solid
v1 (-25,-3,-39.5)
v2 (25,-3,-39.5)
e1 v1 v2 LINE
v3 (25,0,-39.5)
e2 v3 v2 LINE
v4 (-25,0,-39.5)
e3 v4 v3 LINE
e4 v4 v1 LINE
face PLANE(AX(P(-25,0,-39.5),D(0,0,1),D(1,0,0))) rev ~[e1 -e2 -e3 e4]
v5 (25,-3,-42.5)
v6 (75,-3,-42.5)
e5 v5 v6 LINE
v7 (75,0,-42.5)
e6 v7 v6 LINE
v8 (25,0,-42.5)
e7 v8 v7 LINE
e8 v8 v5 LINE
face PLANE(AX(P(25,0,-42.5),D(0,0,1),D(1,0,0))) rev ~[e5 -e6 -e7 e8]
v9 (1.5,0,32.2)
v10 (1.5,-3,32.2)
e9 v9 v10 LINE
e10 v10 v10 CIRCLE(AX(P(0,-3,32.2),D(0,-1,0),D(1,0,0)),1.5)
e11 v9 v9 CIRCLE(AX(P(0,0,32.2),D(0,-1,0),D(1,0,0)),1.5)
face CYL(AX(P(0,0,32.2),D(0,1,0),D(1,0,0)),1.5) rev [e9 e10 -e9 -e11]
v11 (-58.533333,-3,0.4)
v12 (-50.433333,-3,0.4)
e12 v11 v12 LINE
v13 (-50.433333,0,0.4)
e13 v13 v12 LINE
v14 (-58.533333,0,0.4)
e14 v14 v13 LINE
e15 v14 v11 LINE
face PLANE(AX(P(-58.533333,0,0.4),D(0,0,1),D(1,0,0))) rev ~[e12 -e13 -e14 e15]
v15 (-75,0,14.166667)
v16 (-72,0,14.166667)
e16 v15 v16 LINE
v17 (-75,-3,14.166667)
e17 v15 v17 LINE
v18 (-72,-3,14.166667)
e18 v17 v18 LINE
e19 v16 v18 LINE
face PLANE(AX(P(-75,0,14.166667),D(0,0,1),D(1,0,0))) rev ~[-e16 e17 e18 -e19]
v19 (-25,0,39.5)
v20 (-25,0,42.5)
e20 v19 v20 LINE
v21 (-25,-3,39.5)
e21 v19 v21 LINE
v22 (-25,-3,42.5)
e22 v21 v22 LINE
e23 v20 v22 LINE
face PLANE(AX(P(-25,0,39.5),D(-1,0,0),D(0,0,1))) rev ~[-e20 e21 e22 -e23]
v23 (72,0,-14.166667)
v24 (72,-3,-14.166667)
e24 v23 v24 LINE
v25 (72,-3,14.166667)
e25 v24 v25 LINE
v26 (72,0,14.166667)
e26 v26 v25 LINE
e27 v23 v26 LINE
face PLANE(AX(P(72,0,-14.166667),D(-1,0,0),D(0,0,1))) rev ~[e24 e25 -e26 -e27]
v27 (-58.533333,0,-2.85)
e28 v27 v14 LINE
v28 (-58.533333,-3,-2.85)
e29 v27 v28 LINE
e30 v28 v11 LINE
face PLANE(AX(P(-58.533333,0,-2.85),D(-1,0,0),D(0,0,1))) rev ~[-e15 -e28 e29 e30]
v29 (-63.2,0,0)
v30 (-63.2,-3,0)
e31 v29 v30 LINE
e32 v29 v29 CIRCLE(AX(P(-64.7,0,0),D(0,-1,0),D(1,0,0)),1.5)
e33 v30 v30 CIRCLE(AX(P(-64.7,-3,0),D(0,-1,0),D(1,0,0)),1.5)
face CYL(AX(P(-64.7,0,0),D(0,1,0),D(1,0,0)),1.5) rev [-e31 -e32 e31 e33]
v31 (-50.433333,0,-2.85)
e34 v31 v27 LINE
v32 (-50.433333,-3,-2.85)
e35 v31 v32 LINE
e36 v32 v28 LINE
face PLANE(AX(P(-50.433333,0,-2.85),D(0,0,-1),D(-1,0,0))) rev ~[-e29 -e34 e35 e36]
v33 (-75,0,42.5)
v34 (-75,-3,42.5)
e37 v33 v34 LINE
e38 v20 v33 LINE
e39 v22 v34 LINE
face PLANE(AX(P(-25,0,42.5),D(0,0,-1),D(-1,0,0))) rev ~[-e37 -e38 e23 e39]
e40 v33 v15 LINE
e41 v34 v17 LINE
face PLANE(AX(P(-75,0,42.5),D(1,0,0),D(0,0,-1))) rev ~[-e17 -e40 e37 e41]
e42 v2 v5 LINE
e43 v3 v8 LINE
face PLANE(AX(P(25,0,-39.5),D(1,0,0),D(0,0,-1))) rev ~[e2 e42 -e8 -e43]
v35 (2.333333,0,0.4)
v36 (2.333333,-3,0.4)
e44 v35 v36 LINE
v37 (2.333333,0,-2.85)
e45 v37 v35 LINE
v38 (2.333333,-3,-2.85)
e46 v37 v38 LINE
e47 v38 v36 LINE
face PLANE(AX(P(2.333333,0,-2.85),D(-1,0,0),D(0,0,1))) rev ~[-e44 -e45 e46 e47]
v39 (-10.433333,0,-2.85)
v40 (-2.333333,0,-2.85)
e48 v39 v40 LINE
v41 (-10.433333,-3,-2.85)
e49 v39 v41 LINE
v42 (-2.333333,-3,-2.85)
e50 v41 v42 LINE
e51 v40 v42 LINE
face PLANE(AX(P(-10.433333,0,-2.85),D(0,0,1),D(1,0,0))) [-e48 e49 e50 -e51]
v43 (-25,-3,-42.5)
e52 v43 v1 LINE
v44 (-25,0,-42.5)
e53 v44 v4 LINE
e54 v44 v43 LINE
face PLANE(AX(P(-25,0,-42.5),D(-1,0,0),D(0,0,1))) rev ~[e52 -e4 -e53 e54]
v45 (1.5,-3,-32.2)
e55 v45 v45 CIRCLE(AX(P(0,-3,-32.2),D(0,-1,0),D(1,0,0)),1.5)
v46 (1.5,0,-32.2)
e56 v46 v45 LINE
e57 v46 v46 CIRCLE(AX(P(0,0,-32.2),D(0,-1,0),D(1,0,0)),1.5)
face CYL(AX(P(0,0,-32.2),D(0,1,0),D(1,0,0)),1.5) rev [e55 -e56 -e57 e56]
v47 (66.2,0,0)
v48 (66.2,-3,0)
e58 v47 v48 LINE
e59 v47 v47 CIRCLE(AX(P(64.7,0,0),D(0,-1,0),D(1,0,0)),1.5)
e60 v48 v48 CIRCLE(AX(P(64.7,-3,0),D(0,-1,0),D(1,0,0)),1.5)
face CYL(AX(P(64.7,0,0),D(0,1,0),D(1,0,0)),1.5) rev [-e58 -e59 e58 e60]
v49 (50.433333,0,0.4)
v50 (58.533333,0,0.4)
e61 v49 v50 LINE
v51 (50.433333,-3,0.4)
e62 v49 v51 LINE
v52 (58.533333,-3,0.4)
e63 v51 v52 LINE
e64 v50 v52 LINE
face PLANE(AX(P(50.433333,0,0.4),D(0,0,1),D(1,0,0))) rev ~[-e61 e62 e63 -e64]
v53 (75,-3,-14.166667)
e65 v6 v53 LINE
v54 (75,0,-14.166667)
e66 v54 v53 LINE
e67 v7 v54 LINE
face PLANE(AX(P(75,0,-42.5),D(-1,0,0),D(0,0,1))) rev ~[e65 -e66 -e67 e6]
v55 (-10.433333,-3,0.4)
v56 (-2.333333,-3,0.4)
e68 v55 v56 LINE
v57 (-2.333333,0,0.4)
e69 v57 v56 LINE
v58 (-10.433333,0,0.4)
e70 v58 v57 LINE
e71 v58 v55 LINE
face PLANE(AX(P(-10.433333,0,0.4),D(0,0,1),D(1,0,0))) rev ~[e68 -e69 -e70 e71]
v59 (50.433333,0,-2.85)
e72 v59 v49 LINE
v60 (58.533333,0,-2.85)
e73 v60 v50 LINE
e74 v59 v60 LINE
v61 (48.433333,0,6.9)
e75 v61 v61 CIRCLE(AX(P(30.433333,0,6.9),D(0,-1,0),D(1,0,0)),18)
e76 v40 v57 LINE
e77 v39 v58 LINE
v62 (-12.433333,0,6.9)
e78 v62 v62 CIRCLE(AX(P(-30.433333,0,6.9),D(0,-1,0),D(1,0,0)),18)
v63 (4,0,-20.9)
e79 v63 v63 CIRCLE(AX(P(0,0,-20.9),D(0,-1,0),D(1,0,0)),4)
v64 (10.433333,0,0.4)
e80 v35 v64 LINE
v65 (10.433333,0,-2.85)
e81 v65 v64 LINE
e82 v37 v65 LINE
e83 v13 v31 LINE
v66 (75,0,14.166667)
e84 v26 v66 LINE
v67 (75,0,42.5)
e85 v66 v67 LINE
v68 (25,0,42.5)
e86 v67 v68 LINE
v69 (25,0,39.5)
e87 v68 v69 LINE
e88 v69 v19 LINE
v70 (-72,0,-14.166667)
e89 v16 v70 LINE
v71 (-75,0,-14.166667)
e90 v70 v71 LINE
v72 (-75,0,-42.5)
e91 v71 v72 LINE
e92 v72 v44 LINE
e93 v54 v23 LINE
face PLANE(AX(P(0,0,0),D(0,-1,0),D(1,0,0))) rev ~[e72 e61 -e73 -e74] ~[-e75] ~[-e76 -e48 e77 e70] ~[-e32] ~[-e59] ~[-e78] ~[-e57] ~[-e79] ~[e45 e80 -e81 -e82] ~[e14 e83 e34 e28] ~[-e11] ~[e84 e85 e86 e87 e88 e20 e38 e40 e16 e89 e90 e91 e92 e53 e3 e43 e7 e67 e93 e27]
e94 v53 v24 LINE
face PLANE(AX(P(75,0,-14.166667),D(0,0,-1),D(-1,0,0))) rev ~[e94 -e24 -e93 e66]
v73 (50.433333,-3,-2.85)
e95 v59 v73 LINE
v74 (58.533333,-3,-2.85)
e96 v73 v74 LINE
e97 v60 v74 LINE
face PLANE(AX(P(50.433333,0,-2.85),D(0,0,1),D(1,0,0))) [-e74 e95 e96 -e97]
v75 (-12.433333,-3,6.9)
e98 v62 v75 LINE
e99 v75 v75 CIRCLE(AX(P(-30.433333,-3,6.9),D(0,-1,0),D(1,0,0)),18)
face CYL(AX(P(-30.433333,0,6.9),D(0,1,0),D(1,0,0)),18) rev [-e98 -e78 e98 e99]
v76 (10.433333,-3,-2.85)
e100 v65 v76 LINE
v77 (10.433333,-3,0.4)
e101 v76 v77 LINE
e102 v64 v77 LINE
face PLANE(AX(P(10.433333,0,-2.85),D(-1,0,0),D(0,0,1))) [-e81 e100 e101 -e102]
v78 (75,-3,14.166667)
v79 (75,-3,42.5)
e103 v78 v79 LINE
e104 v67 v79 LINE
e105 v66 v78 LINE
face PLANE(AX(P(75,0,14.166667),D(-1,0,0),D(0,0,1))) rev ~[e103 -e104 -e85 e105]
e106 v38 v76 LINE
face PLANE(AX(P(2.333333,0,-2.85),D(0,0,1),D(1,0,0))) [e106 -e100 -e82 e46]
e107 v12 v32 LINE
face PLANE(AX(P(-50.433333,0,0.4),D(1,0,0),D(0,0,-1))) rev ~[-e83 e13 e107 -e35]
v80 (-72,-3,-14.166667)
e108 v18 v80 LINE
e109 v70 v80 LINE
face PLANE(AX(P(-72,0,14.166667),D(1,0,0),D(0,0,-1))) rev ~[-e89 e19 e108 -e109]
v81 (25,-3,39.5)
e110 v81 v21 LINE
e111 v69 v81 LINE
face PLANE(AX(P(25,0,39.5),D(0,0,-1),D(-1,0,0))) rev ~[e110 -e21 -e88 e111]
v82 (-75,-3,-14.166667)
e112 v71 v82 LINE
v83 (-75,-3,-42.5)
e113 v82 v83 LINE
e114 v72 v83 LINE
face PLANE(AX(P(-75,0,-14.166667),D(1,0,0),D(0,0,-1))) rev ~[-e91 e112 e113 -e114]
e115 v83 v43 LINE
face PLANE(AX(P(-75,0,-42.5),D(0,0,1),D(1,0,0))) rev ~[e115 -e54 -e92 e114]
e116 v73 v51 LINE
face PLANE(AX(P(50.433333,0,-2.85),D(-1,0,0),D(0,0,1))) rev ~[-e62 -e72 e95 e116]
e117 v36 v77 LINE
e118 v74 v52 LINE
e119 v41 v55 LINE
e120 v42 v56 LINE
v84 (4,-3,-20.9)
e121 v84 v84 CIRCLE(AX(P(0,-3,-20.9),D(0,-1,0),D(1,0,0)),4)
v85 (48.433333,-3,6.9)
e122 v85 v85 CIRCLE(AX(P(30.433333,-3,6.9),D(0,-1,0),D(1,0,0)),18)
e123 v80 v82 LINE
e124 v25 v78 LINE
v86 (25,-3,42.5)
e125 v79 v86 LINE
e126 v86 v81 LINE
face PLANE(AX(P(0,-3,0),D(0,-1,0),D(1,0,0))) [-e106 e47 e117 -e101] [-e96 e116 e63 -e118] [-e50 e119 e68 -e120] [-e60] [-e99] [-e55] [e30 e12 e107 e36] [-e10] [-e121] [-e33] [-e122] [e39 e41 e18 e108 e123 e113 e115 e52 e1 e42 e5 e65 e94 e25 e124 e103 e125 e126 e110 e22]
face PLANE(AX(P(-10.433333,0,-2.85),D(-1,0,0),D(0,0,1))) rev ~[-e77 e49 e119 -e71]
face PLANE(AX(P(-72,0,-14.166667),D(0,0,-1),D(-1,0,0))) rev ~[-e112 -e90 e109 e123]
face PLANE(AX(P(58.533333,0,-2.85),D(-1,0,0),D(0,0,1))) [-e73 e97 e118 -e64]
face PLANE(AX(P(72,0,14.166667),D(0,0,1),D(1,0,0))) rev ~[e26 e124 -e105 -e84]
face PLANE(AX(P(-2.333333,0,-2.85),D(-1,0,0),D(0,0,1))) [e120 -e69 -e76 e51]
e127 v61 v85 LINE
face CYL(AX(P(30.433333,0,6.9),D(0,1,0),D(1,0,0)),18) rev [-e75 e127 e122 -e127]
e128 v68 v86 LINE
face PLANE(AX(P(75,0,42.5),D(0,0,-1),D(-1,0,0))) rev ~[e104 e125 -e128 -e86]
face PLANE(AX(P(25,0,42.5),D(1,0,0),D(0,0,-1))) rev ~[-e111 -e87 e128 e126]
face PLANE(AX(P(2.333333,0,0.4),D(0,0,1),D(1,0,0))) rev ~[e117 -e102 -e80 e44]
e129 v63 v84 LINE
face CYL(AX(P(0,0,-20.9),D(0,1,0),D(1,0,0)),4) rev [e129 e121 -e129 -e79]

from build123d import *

# Parameters (mm, degrees)
F0_W     = 8.1
F0_H     = 3.25
F0_R     = 1.5
F0_R_2   = 4
F0_R_3   = 18
F1_DEPTH = 3


with BuildPart() as f1:
    # F0 (on Front) → F1 (new body)
    with BuildSketch(Plane.XZ):
        Polygon((-75, -14.166667), (-75, -42.5), (-25, -42.5), (-25, -39.5), (25, -39.5), (25, -42.5), (75, -42.5), (75, -14.166667), (72, -14.166667), (72, 14.166667), (75, 14.166667), (75, 42.5), (25, 42.5), (25, 39.5), (-25, 39.5), (-25, 42.5), (-75, 42.5), (-75, 14.166667), (-72, 14.166667), (-72, -14.166667), align=None)
        Polygon((-58.533333, -2.85), (-58.533333, 0), (-58.533333, 0.4), (-50.433333, 0.4), (-50.433333, -2.85), align=None, mode=Mode.SUBTRACT)
        with Locations((-6.383333, -1.225)):
            Rectangle(F0_W, F0_H, mode=Mode.SUBTRACT)
        with Locations((0, -32.2)):
            Circle(F0_R, mode=Mode.SUBTRACT)
        with Locations((0, -20.9)):
            Circle(F0_R_2, mode=Mode.SUBTRACT)
        with Locations((6.383333, -1.225)):
            Rectangle(F0_W, F0_H, mode=Mode.SUBTRACT)
        with Locations((54.483333, -1.225)):
            Rectangle(F0_W, F0_H, mode=Mode.SUBTRACT)
        with Locations((-64.7, 0)):
            Circle(F0_R, mode=Mode.SUBTRACT)
        with Locations((-30.433333, 6.9)):
            Circle(F0_R_3, mode=Mode.SUBTRACT)
        with Locations((30.433333, 6.9)):
            Circle(F0_R_3, mode=Mode.SUBTRACT)
        with Locations((64.7, 0)):
            Circle(F0_R, mode=Mode.SUBTRACT)
        with Locations((0, 32.2)):
            Circle(F0_R, mode=Mode.SUBTRACT)
    extrude(amount=F1_DEPTH)


with BuildPart() as f2_1:
    # F2: copy of F1
    add(f1.part.moved(Location((0, 60, 0))))


solid = f1.part
